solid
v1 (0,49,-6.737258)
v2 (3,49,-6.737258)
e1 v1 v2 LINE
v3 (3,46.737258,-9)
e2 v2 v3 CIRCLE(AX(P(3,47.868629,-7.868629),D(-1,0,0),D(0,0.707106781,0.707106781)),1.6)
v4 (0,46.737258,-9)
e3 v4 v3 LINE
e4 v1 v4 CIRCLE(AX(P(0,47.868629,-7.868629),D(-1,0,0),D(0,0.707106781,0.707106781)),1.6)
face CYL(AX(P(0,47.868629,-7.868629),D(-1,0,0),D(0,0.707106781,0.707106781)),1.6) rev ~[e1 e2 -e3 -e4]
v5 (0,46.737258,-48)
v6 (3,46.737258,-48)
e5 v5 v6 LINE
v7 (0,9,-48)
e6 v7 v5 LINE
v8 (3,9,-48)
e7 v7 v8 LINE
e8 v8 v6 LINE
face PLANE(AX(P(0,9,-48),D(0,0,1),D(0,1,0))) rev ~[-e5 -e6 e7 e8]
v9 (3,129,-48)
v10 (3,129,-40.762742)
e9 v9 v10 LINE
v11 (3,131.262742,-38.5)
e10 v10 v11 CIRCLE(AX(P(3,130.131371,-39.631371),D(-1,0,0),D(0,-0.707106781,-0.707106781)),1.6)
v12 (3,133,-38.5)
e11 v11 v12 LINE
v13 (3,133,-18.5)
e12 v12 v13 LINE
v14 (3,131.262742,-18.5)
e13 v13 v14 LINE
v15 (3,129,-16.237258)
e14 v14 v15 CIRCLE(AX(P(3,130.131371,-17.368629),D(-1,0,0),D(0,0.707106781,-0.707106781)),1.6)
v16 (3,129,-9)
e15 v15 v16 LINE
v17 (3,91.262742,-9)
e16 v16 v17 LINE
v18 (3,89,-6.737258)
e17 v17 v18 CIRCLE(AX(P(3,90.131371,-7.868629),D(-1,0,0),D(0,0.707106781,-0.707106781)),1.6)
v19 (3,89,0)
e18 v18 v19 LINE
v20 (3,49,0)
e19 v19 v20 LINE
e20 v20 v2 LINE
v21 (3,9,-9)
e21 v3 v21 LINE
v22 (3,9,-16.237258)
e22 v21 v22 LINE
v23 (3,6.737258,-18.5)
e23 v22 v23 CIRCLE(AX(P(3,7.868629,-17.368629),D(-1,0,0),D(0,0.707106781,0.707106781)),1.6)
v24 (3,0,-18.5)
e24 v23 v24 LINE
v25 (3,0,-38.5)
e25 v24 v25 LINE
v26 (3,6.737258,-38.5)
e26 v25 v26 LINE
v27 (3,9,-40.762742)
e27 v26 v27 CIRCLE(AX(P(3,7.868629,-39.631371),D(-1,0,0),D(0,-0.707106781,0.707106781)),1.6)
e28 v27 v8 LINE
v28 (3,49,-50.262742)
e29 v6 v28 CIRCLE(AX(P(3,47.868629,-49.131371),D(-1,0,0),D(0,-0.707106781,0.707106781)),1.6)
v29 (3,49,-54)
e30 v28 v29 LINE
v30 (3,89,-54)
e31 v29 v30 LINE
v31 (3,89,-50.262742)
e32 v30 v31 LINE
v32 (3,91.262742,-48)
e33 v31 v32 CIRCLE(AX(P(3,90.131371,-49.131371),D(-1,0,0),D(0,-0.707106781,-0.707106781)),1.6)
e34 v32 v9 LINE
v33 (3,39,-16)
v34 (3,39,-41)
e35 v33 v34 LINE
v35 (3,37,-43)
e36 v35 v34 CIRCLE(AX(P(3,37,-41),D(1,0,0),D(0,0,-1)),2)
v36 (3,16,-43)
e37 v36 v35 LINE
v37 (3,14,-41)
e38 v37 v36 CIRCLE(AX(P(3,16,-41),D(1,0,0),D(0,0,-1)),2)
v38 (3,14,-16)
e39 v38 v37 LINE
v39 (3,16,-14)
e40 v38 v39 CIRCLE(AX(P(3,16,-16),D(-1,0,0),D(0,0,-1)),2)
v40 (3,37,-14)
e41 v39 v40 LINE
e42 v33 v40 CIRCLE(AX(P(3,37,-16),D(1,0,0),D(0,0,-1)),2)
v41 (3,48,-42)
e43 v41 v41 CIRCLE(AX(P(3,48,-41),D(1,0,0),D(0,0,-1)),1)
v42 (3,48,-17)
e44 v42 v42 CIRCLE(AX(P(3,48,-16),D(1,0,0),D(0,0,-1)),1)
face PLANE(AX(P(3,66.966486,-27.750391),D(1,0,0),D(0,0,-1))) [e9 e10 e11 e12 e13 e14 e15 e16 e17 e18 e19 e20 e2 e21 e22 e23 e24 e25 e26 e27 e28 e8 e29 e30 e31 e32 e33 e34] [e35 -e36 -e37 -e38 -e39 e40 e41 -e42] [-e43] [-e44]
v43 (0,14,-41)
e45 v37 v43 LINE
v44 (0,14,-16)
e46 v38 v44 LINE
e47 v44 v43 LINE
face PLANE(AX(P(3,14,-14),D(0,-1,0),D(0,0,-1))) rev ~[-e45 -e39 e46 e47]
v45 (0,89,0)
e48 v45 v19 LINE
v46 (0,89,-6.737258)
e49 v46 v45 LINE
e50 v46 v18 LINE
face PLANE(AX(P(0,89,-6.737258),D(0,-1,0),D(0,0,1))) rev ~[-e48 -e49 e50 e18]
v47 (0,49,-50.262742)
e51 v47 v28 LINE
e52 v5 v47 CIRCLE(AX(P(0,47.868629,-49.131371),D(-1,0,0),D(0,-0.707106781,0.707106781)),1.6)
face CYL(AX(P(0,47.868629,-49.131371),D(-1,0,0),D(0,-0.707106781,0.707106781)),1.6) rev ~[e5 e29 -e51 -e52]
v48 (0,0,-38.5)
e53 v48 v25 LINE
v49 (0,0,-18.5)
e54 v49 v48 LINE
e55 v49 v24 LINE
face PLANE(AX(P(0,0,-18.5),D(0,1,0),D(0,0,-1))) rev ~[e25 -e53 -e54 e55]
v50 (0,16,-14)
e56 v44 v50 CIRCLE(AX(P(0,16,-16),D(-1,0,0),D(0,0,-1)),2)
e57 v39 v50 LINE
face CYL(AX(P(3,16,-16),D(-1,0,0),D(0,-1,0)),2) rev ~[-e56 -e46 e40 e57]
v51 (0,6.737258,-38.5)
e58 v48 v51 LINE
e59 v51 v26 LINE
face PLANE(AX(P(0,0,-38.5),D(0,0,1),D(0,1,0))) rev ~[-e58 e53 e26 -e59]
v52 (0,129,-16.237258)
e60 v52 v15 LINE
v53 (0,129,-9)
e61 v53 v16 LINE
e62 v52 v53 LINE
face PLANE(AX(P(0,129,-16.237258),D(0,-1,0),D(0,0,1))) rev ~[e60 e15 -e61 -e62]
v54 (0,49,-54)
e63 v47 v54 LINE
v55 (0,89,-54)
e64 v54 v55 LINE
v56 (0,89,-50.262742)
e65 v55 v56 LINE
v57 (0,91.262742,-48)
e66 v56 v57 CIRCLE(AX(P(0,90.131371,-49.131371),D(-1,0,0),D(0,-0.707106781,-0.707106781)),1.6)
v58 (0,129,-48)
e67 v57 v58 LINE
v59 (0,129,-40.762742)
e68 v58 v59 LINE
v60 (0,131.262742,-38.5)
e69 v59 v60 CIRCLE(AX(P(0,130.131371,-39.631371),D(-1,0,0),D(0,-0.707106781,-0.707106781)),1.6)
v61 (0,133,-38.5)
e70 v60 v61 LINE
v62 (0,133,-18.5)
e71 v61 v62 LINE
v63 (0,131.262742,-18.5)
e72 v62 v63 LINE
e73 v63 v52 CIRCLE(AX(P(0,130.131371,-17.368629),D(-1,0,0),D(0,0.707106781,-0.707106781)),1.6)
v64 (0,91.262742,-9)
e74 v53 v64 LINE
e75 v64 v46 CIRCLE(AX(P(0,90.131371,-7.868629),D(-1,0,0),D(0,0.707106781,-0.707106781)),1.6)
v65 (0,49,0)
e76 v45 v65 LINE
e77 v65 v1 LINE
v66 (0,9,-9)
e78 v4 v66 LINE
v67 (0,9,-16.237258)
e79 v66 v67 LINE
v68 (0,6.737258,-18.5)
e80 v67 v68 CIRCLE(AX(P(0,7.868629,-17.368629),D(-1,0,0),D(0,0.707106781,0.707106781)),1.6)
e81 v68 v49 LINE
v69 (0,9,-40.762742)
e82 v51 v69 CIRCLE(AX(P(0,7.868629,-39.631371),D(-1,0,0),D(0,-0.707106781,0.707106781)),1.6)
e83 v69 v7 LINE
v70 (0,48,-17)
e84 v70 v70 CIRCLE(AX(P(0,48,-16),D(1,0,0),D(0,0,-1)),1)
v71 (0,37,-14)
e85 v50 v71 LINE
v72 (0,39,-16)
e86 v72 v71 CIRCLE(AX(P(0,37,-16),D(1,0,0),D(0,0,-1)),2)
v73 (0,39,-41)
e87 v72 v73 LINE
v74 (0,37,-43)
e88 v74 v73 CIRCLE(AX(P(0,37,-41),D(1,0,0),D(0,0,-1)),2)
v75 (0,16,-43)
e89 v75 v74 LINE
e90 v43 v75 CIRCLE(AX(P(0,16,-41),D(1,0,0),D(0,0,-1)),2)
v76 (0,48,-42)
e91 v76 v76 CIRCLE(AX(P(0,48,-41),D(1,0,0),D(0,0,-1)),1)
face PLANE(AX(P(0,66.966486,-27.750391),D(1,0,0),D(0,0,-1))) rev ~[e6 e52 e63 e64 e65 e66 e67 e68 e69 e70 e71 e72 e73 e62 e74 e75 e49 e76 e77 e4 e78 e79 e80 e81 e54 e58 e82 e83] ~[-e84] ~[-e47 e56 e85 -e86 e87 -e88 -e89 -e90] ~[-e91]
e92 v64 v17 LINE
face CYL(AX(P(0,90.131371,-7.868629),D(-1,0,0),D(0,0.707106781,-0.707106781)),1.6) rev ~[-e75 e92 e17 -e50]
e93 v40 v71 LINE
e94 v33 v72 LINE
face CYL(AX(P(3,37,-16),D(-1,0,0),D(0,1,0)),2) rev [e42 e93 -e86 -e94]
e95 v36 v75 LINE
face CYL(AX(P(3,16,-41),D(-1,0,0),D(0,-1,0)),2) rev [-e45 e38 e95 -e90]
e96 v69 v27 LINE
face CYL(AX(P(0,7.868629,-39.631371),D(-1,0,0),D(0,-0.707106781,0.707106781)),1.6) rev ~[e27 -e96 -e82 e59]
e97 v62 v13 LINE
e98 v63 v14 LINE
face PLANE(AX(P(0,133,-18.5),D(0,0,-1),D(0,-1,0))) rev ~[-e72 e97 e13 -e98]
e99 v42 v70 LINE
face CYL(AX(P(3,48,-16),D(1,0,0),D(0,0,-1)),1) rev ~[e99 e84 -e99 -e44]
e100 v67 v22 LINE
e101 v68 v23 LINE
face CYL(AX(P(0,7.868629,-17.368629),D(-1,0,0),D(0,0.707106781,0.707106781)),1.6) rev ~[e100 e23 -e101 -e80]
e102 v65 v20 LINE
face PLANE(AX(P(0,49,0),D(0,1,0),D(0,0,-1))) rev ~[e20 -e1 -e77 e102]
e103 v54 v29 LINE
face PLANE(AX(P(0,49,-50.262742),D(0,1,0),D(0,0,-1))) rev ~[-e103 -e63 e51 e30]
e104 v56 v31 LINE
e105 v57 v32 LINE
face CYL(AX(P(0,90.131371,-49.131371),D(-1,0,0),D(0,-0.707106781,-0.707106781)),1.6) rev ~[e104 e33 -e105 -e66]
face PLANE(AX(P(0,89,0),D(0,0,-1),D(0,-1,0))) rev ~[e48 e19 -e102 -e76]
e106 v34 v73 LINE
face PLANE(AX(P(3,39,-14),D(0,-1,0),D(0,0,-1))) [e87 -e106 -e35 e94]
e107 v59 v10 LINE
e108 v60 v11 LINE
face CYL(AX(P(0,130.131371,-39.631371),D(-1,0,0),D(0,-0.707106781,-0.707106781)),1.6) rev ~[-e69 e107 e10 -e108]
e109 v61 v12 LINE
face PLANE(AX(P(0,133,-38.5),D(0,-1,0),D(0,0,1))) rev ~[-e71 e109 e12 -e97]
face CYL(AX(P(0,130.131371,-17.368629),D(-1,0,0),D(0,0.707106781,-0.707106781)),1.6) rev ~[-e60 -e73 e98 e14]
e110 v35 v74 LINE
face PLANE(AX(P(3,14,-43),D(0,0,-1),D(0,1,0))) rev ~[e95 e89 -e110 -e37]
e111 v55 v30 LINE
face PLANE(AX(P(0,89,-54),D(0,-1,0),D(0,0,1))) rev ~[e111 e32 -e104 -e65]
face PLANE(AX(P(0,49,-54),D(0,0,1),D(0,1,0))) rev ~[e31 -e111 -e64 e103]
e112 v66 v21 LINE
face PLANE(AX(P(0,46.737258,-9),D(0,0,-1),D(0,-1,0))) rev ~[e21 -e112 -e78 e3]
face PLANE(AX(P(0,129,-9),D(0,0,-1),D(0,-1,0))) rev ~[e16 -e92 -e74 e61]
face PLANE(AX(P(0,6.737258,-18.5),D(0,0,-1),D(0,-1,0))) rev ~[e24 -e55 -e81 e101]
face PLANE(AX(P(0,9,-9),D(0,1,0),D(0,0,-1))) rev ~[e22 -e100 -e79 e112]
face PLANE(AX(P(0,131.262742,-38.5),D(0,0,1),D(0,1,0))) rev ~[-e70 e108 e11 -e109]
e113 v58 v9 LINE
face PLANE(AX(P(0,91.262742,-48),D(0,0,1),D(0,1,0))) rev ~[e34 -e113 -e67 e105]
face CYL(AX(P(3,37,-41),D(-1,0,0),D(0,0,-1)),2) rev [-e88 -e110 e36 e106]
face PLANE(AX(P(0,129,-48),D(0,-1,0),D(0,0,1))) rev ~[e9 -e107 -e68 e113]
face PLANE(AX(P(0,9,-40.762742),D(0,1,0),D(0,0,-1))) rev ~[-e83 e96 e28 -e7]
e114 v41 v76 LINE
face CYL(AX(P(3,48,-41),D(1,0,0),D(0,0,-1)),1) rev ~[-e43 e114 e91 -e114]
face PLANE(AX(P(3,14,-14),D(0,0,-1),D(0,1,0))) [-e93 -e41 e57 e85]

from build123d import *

# Parameters (mm, degrees)
EXTRUSION1_DEPTH        = 3
ESQUISSE2_W             = 29
ESQUISSE2_H             = 25
ENL_V_MAT_EXTRU_1_DEPTH = 4
CONG_1_R                = 2
ESQUISSE3_R             = 1
ENL_V_MAT_EXTRU_2_DEPTH = 4


with BuildPart() as part:
    # Esquisse1 → Extrusion1 (new body)
    with BuildSketch(Plane(origin=(0, 0, 0), x_dir=(0, 0, -1), z_dir=(1, 0, 0))):
        with BuildLine():
            Line((18.5, 6.7372583), (18.5, 0))
            Line((18.5, 0), (38.5, 0))
            Line((38.5, 0), (38.5, 6.7372583))
            ThreePointArc((38.5, 6.7372583), (38.5, 9), (40.7627417, 9))
            Line((40.7627417, 9), (48, 9))
            Line((48, 9), (48, 46.7372583))
            ThreePointArc((48, 46.7372583), (48, 49), (50.2627417, 49))
            Line((50.2627417, 49), (54, 49))
            Line((54, 49), (54, 89))
            Line((54, 89), (50.2627417, 89))
            ThreePointArc((50.2627417, 89), (48, 89), (48, 91.2627417))
            Line((48, 91.2627417), (48, 129))
            Line((48, 129), (40.7627417, 129))
            ThreePointArc((40.7627417, 129), (38.5, 129), (38.5, 131.2627417))
            Line((38.5, 131.2627417), (38.5, 133))
            Line((38.5, 133), (18.5, 133))
            Line((18.5, 133), (18.5, 131.2627417))
            ThreePointArc((18.5, 131.2627417), (18.5, 129), (16.2372583, 129))
            Line((16.2372583, 129), (9, 129))
            Line((9, 129), (9, 91.2627417))
            ThreePointArc((9, 91.2627417), (9, 89), (6.7372583, 89))
            Line((6.7372583, 89), (0, 89))
            Line((0, 89), (0, 49))
            Line((0, 49), (6.7372583, 49))
            ThreePointArc((6.7372583, 49), (9, 49), (9, 46.7372583))
            Line((9, 46.7372583), (9, 9))
            Line((9, 9), (16.2372583, 9))
            ThreePointArc((16.2372583, 9), (18.5, 9), (18.5, 6.7372583))
        make_face()
    extrude(amount=EXTRUSION1_DEPTH)

    # Esquisse2 → Enlèv. mat.-Extru.1 (cut, through all)
    with BuildSketch(Plane(origin=(3, 0, 0), x_dir=(0, 0, -1), z_dir=(1, 0, 0))):
        with Locations((28.5, 26.5)):
            Rectangle(ESQUISSE2_W, ESQUISSE2_H)
    extrude(amount=-ENL_V_MAT_EXTRU_1_DEPTH, mode=Mode.SUBTRACT)

    # Congé1
    cong_1_edges = [part.edges().sort_by_distance(p)[0] for p in [
        (1.5, 14, -14),
        (1.5, 39, -14),
        (1.5, 39, -43),
        (1.5, 14, -43),
    ]]
    fillet(cong_1_edges, radius=CONG_1_R)

    # Esquisse3 → Enlèv. mat.-Extru.2 (cut, through all)
    with BuildSketch(Plane(origin=(3, 0, 0), x_dir=(0, 0, -1), z_dir=(1, 0, 0))):
        with Locations((16, 48)):
            Circle(ESQUISSE3_R)
        with Locations((41, 48)):
            Circle(ESQUISSE3_R)
    extrude(amount=-ENL_V_MAT_EXTRU_2_DEPTH, mode=Mode.SUBTRACT)


solid = part.part
